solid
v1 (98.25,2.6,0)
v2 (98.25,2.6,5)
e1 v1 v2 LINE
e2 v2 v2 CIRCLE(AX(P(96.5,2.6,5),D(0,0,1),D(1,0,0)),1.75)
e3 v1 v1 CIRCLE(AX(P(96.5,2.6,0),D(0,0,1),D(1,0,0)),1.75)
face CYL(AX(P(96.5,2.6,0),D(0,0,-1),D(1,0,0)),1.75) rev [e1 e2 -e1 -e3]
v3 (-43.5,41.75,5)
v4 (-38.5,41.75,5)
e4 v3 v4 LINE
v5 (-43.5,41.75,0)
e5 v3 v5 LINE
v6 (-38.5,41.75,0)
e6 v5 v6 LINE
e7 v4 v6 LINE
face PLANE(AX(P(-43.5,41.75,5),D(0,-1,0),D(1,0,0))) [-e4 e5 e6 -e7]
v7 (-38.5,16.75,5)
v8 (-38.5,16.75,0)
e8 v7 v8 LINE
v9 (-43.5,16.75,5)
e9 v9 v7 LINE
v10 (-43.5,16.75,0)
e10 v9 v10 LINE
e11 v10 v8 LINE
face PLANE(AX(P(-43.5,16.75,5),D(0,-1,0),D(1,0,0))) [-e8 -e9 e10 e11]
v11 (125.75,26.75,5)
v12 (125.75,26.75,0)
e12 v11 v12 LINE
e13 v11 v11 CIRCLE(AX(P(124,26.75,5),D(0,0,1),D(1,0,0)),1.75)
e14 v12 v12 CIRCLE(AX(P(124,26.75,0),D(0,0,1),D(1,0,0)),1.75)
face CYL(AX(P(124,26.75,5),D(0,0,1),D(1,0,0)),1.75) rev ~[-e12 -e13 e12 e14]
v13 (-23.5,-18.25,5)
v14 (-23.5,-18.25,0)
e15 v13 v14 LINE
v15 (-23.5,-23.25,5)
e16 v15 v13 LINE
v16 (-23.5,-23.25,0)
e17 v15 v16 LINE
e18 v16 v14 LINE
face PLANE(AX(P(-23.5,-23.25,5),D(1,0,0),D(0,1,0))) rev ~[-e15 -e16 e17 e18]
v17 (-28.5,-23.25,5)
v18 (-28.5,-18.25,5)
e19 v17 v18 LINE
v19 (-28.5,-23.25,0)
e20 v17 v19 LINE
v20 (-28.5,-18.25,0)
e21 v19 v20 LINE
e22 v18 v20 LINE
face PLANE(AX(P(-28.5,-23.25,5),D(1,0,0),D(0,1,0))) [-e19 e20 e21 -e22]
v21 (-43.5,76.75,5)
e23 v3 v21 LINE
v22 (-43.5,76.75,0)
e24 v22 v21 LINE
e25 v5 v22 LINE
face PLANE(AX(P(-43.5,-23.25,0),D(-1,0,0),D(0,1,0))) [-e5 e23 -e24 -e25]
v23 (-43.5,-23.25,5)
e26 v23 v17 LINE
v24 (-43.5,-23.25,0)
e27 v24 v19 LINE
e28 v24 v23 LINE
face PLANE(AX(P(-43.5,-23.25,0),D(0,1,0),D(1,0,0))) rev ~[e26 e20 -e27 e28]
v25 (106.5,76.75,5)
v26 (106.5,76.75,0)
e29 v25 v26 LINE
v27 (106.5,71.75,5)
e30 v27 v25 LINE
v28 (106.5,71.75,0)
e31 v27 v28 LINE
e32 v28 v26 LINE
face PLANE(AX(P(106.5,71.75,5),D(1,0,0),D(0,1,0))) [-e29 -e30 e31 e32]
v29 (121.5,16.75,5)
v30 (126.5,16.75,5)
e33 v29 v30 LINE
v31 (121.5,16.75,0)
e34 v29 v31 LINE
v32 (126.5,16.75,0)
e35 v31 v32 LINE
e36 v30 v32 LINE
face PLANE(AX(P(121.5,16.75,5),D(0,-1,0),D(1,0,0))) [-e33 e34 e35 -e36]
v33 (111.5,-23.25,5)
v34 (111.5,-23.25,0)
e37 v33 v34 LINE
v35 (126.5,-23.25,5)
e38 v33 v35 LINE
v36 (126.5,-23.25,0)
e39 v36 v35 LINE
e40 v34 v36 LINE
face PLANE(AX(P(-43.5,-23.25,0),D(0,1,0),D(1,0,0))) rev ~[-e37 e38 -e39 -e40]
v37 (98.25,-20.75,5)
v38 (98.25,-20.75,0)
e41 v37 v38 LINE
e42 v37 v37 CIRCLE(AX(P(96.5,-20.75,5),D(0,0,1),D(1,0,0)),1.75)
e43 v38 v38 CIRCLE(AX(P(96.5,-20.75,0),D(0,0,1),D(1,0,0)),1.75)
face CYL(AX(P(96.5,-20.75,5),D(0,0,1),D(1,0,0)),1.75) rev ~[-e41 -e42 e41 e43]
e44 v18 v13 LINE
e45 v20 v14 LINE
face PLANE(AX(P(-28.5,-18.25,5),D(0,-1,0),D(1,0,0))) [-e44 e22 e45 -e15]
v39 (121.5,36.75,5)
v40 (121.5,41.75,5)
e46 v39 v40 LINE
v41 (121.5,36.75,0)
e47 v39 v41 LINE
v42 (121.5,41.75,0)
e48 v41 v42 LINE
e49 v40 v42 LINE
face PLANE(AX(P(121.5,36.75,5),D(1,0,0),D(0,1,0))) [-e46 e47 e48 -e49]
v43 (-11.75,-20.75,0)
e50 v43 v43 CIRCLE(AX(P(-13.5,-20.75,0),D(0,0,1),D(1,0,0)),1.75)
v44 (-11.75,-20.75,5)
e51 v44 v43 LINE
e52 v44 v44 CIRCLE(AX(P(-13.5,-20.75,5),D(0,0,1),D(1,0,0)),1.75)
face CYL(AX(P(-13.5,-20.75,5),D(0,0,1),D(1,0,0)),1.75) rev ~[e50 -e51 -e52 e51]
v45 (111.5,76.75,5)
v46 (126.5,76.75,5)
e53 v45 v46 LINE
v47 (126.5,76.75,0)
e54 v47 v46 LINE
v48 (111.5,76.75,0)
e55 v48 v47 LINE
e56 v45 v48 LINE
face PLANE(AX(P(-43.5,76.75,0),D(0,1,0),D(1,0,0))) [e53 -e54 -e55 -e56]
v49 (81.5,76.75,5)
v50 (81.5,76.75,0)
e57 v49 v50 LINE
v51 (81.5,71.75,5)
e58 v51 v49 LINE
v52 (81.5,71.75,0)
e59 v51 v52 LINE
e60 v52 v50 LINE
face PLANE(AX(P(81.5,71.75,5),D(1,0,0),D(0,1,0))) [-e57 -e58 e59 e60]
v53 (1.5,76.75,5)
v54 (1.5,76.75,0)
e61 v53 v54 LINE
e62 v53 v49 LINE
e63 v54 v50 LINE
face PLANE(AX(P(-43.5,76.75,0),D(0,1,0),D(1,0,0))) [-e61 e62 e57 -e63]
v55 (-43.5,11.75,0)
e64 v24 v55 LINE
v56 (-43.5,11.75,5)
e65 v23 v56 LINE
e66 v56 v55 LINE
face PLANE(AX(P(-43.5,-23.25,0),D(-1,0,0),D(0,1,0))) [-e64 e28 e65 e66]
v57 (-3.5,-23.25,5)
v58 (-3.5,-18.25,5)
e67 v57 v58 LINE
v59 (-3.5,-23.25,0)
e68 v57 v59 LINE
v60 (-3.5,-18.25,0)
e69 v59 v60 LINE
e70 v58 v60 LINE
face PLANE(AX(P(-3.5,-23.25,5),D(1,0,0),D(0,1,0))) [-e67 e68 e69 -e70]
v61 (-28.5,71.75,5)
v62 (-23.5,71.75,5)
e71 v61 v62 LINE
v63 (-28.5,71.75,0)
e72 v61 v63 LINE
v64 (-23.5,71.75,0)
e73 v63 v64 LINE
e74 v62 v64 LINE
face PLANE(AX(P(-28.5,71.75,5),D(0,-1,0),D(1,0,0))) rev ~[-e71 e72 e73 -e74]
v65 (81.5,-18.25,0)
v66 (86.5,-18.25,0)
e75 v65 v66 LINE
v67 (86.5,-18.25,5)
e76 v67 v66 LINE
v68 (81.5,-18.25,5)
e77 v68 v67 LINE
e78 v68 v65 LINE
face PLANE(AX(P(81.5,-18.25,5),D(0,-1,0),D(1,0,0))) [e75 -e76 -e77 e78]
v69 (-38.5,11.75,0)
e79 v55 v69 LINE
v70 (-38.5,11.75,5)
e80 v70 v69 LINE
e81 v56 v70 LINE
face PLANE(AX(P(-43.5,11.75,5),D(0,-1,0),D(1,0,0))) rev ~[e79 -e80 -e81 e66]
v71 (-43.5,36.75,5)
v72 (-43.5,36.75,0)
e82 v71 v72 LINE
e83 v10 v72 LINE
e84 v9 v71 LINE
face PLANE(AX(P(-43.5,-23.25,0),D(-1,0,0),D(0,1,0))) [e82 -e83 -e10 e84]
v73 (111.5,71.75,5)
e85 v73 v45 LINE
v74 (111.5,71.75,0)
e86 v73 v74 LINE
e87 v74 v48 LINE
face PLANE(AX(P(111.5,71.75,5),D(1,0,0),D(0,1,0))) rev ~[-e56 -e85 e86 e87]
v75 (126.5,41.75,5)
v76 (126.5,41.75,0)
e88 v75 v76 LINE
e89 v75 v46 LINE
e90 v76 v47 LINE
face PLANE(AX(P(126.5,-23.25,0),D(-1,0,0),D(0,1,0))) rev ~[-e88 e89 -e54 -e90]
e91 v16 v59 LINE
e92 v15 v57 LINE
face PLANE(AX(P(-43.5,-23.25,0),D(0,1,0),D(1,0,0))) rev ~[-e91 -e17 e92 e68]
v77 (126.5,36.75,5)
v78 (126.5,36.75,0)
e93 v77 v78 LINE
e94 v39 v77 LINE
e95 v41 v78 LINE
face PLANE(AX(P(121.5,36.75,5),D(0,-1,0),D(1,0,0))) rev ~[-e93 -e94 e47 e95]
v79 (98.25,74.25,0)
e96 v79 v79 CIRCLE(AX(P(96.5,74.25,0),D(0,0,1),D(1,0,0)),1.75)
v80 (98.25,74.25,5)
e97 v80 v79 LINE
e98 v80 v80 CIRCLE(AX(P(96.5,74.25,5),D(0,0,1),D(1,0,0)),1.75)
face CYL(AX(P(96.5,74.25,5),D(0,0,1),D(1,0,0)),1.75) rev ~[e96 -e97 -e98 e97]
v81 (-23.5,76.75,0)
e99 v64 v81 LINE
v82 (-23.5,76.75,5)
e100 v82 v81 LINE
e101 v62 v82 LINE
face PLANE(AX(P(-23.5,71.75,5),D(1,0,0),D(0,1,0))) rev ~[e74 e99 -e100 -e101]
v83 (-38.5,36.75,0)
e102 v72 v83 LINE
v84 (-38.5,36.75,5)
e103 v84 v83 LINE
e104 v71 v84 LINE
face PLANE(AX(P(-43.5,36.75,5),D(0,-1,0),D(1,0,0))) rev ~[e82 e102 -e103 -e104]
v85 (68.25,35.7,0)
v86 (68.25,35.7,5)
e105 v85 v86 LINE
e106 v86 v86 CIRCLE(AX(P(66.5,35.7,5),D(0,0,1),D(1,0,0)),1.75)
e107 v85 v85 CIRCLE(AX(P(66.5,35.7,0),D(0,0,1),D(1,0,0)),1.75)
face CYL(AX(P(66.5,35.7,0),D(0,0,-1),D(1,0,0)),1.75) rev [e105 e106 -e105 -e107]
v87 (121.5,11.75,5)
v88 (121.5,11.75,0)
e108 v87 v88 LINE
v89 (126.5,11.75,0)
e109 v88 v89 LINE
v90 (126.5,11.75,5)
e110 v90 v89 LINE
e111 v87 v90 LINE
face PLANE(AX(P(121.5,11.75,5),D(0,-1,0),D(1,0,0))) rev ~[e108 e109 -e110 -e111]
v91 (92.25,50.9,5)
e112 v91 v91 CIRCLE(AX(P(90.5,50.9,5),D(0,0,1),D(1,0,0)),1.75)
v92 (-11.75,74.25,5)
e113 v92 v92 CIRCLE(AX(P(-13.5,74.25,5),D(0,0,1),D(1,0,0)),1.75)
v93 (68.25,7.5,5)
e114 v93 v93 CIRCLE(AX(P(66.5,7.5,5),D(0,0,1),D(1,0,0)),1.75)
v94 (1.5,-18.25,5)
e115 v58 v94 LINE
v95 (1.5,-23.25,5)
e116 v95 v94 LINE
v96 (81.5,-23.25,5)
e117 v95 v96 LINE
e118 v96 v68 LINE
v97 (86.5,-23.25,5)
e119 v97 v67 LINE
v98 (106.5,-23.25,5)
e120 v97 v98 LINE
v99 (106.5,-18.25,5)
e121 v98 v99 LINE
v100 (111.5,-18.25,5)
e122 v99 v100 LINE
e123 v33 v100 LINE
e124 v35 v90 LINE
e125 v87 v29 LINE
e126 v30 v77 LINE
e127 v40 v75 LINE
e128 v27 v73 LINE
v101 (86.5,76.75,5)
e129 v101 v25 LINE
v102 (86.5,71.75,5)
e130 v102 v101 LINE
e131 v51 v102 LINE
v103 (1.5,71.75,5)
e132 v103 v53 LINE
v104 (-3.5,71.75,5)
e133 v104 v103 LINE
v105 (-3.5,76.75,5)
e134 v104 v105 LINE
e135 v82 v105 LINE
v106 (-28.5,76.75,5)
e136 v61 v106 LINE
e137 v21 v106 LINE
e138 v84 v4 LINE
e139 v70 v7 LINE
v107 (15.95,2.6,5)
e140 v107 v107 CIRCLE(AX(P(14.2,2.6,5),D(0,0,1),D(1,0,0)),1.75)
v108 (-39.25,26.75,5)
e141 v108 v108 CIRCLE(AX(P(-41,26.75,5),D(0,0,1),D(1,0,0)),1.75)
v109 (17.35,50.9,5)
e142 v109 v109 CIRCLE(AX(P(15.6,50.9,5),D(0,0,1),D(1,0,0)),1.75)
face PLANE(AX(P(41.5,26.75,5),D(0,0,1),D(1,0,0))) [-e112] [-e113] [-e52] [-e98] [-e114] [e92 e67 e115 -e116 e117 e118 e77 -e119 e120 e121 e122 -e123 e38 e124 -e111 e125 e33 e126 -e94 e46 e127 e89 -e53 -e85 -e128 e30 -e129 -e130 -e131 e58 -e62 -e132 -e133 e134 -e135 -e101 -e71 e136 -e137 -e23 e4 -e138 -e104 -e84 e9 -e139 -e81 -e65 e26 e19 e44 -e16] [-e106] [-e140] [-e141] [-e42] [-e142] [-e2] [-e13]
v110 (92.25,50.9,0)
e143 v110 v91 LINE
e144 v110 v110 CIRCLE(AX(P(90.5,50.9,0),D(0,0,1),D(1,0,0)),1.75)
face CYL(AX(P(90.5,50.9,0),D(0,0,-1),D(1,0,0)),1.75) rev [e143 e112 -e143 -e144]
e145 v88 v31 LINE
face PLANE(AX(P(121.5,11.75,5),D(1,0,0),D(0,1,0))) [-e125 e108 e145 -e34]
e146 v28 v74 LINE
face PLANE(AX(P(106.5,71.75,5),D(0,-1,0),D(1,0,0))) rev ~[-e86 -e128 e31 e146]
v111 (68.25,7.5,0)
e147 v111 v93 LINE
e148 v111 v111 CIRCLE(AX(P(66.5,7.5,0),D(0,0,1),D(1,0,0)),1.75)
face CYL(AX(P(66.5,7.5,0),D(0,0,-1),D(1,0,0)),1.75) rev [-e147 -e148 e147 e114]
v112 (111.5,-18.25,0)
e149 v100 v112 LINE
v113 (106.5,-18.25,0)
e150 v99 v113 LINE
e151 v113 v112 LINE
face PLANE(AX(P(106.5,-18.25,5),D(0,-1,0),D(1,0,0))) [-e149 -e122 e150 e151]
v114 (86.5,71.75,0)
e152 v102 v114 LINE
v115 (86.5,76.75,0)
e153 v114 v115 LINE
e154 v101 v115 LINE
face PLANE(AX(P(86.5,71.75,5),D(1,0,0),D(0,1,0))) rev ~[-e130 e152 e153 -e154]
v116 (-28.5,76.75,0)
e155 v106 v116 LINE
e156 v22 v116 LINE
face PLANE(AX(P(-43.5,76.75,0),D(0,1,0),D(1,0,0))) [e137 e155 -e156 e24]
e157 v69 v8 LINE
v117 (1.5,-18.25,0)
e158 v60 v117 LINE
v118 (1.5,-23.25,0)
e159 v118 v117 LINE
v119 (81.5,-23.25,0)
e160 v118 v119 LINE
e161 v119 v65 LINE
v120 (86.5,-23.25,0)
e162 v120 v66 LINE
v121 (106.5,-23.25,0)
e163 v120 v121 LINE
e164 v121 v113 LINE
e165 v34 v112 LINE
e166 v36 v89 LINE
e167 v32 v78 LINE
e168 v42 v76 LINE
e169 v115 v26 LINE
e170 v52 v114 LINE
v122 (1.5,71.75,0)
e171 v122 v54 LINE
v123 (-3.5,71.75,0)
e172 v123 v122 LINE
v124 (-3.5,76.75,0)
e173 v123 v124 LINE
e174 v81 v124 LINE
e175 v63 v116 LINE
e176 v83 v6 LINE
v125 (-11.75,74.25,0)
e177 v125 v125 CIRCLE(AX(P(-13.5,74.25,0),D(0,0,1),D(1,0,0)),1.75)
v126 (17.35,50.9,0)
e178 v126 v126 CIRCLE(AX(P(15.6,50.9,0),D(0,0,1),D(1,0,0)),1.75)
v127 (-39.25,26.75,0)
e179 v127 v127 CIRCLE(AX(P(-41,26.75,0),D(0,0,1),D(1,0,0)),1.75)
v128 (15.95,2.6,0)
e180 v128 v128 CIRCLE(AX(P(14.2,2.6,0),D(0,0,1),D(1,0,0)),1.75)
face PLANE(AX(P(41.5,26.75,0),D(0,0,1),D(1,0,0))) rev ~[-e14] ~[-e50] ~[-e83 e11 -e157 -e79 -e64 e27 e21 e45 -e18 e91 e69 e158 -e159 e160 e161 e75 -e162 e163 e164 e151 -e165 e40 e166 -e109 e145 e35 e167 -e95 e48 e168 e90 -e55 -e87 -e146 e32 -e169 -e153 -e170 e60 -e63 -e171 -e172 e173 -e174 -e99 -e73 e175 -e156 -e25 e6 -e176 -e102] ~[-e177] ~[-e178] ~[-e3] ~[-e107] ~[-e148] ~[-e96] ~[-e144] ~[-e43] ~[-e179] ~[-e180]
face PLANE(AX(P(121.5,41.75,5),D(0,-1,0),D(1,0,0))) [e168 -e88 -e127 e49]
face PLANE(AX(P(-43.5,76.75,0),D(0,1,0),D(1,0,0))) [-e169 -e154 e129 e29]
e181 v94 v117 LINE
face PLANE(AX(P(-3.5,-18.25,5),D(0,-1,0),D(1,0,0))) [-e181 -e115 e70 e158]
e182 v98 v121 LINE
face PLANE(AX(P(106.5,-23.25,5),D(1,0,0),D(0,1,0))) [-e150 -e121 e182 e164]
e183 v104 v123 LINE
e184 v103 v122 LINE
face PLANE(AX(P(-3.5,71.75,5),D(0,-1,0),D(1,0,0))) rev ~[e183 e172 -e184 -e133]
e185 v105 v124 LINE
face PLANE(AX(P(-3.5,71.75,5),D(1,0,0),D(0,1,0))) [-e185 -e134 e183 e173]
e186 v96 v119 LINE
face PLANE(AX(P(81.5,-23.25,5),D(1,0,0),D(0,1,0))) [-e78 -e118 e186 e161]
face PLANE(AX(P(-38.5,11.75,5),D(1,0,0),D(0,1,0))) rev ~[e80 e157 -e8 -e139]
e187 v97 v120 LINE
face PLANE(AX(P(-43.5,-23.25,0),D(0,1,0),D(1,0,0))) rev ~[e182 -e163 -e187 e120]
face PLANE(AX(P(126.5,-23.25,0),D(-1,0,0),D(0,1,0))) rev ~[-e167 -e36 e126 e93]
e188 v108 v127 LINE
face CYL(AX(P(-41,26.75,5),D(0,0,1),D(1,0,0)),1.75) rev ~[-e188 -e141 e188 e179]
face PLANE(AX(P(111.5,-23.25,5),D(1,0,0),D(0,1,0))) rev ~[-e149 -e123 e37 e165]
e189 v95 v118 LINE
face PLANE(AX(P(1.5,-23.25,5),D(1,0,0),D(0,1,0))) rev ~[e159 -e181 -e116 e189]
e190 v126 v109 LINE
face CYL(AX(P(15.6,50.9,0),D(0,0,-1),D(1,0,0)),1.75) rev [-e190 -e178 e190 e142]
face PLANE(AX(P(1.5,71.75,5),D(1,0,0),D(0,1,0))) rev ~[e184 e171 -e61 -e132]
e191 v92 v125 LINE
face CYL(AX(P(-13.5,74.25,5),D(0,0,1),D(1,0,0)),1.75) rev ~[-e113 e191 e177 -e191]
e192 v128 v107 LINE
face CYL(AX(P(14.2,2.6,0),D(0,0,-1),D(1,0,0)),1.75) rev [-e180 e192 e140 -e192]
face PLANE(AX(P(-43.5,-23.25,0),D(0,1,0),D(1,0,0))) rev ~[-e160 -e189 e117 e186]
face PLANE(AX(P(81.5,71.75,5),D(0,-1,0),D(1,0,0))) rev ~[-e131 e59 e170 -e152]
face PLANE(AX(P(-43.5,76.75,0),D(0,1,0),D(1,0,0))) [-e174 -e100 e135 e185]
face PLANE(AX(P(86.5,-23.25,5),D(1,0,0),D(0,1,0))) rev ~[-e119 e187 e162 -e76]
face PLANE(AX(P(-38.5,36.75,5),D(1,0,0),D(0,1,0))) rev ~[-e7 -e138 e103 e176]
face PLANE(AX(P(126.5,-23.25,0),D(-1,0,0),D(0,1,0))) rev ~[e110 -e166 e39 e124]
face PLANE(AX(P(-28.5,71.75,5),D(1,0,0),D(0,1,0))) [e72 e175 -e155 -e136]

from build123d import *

# Parameters (mm, degrees)
F1_W     = 170
F1_H     = 100
F1_R     = 1.75
F2_DEPTH = 5
F3_W     = 5
F3_H     = 5
F3_R     = 1.75
F4_DEPTH = 5


with BuildPart() as f2:
    # F1 (on Top) → F2 (new body)
    with BuildSketch(Plane.XY):
        with Locations((41.5, 26.75)):
            Rectangle(F1_W, F1_H)
        with Locations((14.2, 2.6)):
            Circle(F1_R, mode=Mode.SUBTRACT)
        with Locations((66.5, 7.5)):
            Circle(F1_R, mode=Mode.SUBTRACT)
        with Locations((96.5, 2.6)):
            Circle(F1_R, mode=Mode.SUBTRACT)
        with Locations((15.6, 50.9)):
            Circle(F1_R, mode=Mode.SUBTRACT)
        with Locations((66.5, 35.7)):
            Circle(F1_R, mode=Mode.SUBTRACT)
        with Locations((90.5, 50.9)):
            Circle(F1_R, mode=Mode.SUBTRACT)
    extrude(amount=F2_DEPTH)

    # F3 (on face) → F4 (cut, through all)
    with BuildSketch(Plane.XY.offset(5)):
        with Locations((-26, -20.75)):
            Rectangle(F3_W, F3_H)
        with Locations((-1, -20.75)):
            Rectangle(F3_W, F3_H)
        with Locations((-13.5, -20.75)):
            Circle(F3_R)
        with Locations((84, -20.75)):
            Rectangle(F3_W, F3_H)
        with Locations((96.5, -20.75)):
            Circle(F3_R)
        with Locations((109, -20.75)):
            Rectangle(F3_W, F3_H)
        with Locations((109, 74.25)):
            Rectangle(F3_W, F3_H)
        with Locations((84, 74.25)):
            Rectangle(F3_W, F3_H)
        with Locations((-26, 74.25)):
            Rectangle(F3_W, F3_H)
        with Locations((-13.5, 74.25)):
            Circle(F3_R)
        with Locations((-1, 74.25)):
            Rectangle(F3_W, F3_H)
        with Locations((96.5, 74.25)):
            Circle(F3_R)
        with Locations((-41, 39.25)):
            Rectangle(F3_W, F3_H)
        with Locations((-41, 14.25)):
            Rectangle(F3_W, F3_H)
        with Locations((-41, 26.75)):
            Circle(F3_R)
        with Locations((124, 39.25)):
            Rectangle(F3_W, F3_H)
        with Locations((124, 14.25)):
            Rectangle(F3_W, F3_H)
        with Locations((124, 26.75)):
            Circle(F3_R)
    extrude(amount=-F4_DEPTH, mode=Mode.SUBTRACT)


solid = f2.part
